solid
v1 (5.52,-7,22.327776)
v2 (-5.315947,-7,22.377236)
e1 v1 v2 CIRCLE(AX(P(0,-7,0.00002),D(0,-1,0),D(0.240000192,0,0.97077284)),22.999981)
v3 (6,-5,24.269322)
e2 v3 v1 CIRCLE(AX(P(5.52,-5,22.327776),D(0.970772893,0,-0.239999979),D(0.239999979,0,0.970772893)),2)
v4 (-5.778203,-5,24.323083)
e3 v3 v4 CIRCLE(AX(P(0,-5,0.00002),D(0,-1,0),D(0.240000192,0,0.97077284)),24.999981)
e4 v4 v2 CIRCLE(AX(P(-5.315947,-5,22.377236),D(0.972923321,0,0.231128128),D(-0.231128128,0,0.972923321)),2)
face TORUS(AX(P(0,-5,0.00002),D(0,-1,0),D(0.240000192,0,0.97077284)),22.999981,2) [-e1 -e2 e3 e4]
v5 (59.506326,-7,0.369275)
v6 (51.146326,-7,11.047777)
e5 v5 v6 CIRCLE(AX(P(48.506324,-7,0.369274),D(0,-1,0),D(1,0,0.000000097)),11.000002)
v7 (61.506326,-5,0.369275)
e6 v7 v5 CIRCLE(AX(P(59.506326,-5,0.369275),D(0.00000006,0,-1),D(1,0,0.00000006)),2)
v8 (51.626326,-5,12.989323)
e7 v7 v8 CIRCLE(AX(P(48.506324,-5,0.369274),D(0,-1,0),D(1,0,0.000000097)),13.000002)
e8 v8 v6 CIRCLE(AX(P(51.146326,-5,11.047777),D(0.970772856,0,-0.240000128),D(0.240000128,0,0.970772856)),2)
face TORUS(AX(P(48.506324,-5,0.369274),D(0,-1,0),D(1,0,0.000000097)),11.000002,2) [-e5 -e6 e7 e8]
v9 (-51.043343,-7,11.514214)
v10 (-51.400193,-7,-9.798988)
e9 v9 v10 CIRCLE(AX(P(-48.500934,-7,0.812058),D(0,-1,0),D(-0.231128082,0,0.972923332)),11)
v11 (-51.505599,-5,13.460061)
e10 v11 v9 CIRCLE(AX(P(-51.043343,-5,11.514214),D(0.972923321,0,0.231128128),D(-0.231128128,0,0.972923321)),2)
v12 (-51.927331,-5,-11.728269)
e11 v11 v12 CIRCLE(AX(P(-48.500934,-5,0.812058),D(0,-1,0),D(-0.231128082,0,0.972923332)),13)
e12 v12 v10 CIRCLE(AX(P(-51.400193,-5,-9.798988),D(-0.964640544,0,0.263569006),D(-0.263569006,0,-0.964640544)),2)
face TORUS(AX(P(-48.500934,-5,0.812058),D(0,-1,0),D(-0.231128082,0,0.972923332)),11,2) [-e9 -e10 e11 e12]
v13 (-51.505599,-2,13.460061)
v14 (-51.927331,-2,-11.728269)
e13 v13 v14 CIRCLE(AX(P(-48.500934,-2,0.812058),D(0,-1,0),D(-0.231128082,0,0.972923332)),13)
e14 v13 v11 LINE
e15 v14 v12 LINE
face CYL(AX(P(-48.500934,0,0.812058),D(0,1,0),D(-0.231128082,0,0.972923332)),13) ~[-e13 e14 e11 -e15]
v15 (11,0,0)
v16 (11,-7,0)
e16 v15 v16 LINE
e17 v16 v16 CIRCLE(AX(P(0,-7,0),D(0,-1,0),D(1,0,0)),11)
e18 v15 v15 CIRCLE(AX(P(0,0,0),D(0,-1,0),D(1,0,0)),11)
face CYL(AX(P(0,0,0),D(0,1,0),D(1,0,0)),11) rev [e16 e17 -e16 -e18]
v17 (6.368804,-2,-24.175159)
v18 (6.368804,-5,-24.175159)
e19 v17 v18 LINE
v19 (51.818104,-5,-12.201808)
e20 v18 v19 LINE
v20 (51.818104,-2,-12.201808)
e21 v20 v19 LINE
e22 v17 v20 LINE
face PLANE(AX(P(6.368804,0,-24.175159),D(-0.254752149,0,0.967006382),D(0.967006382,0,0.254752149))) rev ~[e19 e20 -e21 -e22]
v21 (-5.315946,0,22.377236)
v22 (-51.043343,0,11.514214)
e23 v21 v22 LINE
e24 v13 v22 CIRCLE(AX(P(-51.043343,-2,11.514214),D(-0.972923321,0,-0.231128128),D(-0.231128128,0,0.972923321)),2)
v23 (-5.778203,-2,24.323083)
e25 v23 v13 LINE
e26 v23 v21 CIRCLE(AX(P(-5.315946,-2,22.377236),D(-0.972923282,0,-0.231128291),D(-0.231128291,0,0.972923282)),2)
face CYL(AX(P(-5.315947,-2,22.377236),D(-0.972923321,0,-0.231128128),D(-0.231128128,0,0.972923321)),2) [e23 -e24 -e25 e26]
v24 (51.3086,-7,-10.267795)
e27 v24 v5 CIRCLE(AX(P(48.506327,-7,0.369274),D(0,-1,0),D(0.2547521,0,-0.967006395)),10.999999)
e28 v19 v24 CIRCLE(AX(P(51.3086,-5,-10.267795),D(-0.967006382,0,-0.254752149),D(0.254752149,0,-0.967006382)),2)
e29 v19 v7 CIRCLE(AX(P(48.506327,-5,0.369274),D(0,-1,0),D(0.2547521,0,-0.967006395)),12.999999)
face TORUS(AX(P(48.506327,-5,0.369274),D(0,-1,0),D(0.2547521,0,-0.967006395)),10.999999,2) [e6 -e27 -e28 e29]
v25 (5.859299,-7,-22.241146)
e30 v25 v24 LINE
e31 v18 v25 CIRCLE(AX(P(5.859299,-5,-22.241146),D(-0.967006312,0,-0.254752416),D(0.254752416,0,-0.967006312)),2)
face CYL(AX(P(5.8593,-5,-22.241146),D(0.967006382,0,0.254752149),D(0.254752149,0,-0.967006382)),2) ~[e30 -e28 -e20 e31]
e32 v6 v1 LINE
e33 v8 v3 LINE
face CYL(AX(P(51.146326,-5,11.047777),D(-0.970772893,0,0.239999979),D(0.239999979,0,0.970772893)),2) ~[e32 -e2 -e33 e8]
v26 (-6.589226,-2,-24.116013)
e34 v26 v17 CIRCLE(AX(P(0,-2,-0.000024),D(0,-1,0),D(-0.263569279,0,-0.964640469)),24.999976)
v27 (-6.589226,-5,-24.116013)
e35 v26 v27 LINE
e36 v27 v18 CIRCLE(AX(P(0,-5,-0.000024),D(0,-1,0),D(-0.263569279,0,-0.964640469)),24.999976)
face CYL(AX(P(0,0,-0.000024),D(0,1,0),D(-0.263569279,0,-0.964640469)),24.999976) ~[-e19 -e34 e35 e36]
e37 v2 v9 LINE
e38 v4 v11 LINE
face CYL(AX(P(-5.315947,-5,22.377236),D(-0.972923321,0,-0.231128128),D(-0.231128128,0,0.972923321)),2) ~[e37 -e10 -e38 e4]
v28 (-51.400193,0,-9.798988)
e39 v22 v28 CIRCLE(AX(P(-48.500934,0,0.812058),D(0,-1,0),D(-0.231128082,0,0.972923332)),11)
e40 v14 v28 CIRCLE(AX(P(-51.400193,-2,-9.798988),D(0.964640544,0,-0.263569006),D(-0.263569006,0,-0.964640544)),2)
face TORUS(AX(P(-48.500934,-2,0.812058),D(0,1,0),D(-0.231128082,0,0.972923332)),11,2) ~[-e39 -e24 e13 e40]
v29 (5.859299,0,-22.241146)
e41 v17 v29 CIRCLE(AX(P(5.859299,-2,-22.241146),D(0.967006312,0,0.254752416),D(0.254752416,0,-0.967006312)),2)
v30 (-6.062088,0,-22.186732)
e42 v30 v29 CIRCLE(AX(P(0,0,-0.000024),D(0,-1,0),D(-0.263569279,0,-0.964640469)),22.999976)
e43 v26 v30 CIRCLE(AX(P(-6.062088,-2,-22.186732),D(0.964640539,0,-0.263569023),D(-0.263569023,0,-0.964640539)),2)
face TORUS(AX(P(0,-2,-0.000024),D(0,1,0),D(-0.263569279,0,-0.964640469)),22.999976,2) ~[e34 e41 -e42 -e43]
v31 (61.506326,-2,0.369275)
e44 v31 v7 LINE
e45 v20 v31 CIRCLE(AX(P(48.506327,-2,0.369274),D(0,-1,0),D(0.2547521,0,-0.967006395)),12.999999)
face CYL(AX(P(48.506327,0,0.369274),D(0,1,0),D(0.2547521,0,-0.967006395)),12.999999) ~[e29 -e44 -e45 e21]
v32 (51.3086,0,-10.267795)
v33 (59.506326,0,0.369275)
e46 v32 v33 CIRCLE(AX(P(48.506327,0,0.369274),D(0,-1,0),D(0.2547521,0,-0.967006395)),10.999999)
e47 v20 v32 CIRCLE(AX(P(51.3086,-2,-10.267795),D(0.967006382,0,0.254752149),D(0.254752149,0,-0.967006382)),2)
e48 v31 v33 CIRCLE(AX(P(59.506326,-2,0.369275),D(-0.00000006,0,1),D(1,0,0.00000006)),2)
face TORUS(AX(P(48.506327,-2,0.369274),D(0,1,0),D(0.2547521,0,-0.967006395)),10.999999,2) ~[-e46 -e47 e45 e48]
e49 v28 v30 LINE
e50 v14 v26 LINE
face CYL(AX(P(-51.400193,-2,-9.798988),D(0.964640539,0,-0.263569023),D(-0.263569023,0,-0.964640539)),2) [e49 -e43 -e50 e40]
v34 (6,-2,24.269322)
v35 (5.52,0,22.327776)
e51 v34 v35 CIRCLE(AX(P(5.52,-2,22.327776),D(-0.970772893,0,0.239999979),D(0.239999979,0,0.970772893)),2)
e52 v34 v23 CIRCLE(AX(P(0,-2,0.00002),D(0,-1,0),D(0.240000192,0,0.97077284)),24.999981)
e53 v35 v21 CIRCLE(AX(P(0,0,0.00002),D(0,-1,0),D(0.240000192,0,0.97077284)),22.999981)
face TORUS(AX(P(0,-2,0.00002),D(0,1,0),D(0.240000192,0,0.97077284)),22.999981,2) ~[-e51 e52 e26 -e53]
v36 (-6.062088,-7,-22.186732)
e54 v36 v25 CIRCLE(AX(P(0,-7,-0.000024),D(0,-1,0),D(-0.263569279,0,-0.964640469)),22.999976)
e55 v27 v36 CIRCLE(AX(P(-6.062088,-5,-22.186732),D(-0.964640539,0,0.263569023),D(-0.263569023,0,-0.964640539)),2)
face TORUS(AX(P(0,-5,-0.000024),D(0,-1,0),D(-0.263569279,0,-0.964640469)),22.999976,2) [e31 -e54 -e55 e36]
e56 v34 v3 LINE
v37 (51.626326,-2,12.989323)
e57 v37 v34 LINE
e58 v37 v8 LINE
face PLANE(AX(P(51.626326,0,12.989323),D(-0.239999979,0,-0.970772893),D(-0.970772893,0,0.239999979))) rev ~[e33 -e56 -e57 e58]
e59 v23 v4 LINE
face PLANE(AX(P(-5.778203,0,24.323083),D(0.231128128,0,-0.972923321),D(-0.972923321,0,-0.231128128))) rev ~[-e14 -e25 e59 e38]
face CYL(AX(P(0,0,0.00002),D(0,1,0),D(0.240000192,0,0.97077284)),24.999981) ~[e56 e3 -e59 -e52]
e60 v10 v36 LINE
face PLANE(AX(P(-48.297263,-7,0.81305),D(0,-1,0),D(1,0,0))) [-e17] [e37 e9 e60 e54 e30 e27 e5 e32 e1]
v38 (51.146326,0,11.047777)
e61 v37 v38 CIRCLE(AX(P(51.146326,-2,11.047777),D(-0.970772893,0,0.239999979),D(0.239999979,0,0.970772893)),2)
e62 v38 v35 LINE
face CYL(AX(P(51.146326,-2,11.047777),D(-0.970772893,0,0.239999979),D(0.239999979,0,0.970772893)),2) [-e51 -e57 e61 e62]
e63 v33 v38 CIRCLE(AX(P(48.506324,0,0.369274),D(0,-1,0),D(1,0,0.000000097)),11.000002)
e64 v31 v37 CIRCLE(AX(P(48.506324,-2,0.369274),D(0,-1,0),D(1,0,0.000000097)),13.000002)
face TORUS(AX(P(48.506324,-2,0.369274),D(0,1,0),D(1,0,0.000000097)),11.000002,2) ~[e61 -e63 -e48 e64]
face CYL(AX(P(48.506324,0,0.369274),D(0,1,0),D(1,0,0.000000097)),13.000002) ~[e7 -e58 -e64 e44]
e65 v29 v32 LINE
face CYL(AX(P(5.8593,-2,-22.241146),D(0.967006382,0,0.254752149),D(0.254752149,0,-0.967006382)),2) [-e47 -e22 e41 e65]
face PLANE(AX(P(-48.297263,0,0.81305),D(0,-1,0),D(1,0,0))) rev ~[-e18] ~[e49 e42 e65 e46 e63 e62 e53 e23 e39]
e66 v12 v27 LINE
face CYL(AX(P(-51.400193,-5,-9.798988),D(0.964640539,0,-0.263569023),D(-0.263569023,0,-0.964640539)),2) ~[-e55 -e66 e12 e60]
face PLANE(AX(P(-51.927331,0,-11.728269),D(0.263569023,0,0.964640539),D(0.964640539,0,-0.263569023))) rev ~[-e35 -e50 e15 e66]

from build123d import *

# Parameters (mm, degrees)
F0_R     = 11
F1_DEPTH = 7
F2_R     = 2


with BuildPart() as f1:
    # F0 (on Front) → F1 (new body)
    with BuildSketch(Plane.XZ):
        with BuildLine():
            ThreePointArc((-35.500934, 0.812058), (-40.440557, 11.011584), (-51.505599, 13.460061))
            ThreePointArc((-51.505599, 13.460061), (-61.499112, 1.029688), (-51.927331, -11.728269))
            ThreePointArc((-51.927331, -11.728269), (-40.612435, -9.520976), (-35.500934, 0.812058))
        make_face()
        with BuildLine():
            ThreePointArc((-6.589226, -24.116013), (-24.996497, 0.41852), (-5.778203, 24.323083))
            Line((-5.778203, 24.323083), (-51.505599, 13.460061))
            ThreePointArc((-51.505599, 13.460061), (-40.440557, 11.011584), (-35.500934, 0.812058))
            ThreePointArc((-35.500934, 0.812058), (-40.612435, -9.520976), (-51.927331, -11.728269))
            Line((-51.927331, -11.728269), (-6.589226, -24.116013))
        make_face()
        with BuildLine():
            ThreePointArc((6.368804, -24.175159), (19.801769, -15.260732), (25, 0))
            ThreePointArc((25, 0), (19.68502, 15.411035), (6, 24.269322))
            ThreePointArc((6, 24.269322), (0.11411, 24.99974), (-5.778203, 24.323083))
            ThreePointArc((-5.778203, 24.323083), (-24.996497, 0.41852), (-6.589226, -24.116013))
            ThreePointArc((-6.589226, -24.116013), (-0.11411, -24.99974), (6.368804, -24.175159))
        make_face()
        Circle(F0_R, mode=Mode.SUBTRACT)
        with BuildLine():
            ThreePointArc((6, 24.269322), (19.68502, 15.411035), (25, 0))
            ThreePointArc((25, 0), (19.801769, -15.260732), (6.368804, -24.175159))
            Line((6.368804, -24.175159), (51.818104, -12.201808))
            ThreePointArc((51.818104, -12.201808), (35.506702, 0.27031), (51.626326, 12.989323))
            Line((51.626326, 12.989323), (6, 24.269322))
        make_face()
        with BuildLine():
            ThreePointArc((61.506326, 0.369275), (58.742536, 8.383013), (51.626326, 12.989323))
            ThreePointArc((51.626326, 12.989323), (35.506702, 0.27031), (51.818104, -12.201808))
            ThreePointArc((51.818104, -12.201808), (58.803246, -7.566306), (61.506326, 0.369275))
        make_face()
    extrude(amount=F1_DEPTH)

    # F2
    f2_edges = [f1.edges().sort_by_distance(p)[0] for p in [
        (-28.641901, -7, 18.891572),
        (28.813163, 0, 18.629323),
    ]]
    fillet(f2_edges, radius=F2_R)


solid = f1.part
